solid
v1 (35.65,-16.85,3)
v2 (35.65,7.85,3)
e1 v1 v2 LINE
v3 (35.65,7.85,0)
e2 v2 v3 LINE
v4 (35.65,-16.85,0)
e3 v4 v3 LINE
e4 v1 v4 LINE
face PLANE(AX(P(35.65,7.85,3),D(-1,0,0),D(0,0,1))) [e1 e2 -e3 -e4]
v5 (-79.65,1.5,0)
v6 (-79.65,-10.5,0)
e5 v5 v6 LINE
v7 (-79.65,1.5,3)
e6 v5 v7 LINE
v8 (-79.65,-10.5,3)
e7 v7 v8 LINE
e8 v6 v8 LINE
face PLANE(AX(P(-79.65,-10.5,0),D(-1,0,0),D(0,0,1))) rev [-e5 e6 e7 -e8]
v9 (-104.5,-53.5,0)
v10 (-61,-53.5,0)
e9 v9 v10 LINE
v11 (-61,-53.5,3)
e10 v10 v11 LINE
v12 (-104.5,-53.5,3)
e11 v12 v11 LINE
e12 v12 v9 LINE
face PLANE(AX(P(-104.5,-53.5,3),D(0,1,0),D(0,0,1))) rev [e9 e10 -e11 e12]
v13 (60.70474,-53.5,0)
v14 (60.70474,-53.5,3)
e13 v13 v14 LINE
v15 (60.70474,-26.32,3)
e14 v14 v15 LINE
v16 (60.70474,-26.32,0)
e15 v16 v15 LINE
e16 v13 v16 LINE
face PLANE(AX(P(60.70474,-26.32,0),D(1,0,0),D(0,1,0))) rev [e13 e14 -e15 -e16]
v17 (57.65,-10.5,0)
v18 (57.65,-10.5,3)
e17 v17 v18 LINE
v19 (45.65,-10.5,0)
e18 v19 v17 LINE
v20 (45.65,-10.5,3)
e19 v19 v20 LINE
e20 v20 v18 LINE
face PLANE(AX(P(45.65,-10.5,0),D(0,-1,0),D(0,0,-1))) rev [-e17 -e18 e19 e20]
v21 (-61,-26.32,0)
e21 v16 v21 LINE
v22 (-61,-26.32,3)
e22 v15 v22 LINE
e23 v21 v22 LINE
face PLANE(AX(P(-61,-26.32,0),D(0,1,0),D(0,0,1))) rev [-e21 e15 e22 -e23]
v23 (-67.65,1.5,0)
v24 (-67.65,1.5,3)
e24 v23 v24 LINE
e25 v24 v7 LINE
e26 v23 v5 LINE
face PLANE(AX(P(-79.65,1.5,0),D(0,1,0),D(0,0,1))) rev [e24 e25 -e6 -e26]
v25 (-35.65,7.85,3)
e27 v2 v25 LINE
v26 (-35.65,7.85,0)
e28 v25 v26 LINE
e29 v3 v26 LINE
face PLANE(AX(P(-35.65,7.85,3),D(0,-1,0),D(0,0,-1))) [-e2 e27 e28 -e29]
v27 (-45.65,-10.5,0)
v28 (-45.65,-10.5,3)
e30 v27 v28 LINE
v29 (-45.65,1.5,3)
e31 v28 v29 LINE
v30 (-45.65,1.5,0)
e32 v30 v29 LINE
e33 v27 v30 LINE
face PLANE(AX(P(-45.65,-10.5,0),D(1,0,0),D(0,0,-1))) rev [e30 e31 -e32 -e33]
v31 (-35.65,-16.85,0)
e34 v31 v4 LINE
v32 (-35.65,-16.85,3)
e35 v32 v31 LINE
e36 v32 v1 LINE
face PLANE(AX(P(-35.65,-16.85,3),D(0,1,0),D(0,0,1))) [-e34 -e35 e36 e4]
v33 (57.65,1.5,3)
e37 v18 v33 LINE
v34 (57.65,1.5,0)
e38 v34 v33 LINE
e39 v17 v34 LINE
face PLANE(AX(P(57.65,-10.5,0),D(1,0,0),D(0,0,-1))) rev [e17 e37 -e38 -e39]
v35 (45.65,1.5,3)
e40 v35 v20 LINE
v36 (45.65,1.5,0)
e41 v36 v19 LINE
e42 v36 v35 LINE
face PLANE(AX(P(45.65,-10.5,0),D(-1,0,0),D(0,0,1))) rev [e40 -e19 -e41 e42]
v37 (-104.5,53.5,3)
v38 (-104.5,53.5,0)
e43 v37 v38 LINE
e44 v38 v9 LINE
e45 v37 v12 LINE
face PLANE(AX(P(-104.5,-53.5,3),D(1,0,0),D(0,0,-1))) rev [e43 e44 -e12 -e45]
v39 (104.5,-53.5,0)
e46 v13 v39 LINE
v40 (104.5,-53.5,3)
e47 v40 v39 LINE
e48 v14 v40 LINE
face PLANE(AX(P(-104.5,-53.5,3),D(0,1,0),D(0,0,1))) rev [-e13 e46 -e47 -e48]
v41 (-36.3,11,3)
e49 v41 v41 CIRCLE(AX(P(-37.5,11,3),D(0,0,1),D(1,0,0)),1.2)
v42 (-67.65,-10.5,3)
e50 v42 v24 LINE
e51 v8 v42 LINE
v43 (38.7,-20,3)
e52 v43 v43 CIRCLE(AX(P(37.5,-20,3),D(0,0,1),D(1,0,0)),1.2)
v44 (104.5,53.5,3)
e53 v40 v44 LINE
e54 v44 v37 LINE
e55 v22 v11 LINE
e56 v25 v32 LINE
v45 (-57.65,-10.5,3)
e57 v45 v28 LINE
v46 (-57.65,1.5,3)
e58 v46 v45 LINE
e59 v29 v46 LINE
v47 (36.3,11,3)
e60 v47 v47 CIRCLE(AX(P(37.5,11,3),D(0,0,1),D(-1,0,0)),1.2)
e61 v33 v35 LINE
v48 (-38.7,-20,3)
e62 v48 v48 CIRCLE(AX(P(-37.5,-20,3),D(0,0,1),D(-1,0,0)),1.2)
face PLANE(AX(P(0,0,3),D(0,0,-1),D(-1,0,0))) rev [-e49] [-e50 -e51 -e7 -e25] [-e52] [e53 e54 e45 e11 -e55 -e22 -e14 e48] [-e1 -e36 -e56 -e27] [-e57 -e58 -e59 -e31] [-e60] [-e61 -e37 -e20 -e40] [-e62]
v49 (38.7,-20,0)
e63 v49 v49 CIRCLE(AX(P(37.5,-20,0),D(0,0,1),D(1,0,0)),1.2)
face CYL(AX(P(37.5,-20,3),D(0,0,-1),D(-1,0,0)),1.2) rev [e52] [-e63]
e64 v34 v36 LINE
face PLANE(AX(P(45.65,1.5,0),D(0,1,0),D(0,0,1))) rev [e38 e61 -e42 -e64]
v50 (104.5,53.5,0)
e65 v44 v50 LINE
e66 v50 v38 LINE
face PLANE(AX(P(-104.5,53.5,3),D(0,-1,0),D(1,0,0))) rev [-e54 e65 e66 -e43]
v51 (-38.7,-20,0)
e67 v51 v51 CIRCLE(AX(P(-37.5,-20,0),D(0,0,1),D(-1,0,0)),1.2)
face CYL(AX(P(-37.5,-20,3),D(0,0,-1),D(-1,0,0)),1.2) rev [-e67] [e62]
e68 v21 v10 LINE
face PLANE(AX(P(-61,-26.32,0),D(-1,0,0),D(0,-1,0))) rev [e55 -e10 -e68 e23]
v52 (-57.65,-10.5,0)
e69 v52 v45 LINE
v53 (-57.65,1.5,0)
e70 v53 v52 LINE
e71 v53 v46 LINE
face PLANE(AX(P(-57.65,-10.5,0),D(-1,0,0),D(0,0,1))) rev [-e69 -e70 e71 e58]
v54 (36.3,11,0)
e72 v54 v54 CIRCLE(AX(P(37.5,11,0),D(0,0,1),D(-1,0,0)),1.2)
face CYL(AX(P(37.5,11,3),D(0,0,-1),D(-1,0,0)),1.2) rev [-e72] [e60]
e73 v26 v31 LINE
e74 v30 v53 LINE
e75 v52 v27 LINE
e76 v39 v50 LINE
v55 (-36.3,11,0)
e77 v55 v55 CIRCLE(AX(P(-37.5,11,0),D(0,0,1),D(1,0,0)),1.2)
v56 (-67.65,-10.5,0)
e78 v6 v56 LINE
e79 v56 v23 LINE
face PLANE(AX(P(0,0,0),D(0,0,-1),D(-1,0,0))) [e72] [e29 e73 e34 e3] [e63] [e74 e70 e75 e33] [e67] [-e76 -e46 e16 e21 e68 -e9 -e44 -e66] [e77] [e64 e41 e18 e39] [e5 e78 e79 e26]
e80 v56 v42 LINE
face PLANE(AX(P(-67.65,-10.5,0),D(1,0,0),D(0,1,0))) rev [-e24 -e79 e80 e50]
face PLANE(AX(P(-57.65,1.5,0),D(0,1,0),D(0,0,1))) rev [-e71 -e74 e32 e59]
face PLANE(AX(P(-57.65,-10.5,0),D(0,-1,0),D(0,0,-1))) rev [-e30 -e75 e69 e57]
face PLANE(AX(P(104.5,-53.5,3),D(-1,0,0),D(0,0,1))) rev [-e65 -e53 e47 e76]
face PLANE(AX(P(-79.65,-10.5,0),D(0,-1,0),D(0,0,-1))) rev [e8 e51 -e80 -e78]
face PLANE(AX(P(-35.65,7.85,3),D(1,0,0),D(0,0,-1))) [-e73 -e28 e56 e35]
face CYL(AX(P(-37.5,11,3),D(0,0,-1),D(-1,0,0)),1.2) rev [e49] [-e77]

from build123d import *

# Parameters (mm, degrees)
SKETCH1_W           = 209
SKETCH1_H           = 107
SKETCH1_R           = 1.2
SKETCH1_W_2         = 71.3
SKETCH1_H_2         = 24.7
BOSS_EXTRUDE1_DEPTH = 3
SKETCH3_W           = 121.70473961
SKETCH3_H           = 27.18
CUT_EXTRUDE1_DEPTH  = 4
SKETCH4_W           = 12
SKETCH4_H           = 12
CUT_EXTRUDE2_DEPTH  = 4


with BuildPart() as part:
    # Sketch1 → Boss-Extrude1 (new body)
    with BuildSketch(Plane.XY):
        Rectangle(SKETCH1_W, SKETCH1_H)
        with Locations((-37.5, 11)):
            Circle(SKETCH1_R, mode=Mode.SUBTRACT)
        with Locations((37.5, 11)):
            Circle(SKETCH1_R, mode=Mode.SUBTRACT)
        with Locations((37.5, -20)):
            Circle(SKETCH1_R, mode=Mode.SUBTRACT)
        with Locations((-37.5, -20)):
            Circle(SKETCH1_R, mode=Mode.SUBTRACT)
        with Locations((0, -4.5)):
            Rectangle(SKETCH1_W_2, SKETCH1_H_2, mode=Mode.SUBTRACT)
    extrude(amount=BOSS_EXTRUDE1_DEPTH)

    # Sketch3 → Cut-Extrude1 (cut, through all)
    with BuildSketch(Plane.XY.offset(3)):
        with Locations((-0.147630195, -39.91)):
            Rectangle(SKETCH3_W, SKETCH3_H)
    extrude(amount=-CUT_EXTRUDE1_DEPTH, mode=Mode.SUBTRACT)

    # Sketch4 → Cut-Extrude2 (cut, through all)
    with BuildSketch(Plane.XY.offset(3)):
        with Locations((-51.65, -4.5)):
            Rectangle(SKETCH4_W, SKETCH4_H)
        with Locations((-73.65, -4.5)):
            Rectangle(SKETCH4_W, SKETCH4_H)
        with Locations((51.65, -4.5)):
            Rectangle(SKETCH4_W, SKETCH4_H)
    extrude(amount=-CUT_EXTRUDE2_DEPTH, mode=Mode.SUBTRACT)


solid = part.part
